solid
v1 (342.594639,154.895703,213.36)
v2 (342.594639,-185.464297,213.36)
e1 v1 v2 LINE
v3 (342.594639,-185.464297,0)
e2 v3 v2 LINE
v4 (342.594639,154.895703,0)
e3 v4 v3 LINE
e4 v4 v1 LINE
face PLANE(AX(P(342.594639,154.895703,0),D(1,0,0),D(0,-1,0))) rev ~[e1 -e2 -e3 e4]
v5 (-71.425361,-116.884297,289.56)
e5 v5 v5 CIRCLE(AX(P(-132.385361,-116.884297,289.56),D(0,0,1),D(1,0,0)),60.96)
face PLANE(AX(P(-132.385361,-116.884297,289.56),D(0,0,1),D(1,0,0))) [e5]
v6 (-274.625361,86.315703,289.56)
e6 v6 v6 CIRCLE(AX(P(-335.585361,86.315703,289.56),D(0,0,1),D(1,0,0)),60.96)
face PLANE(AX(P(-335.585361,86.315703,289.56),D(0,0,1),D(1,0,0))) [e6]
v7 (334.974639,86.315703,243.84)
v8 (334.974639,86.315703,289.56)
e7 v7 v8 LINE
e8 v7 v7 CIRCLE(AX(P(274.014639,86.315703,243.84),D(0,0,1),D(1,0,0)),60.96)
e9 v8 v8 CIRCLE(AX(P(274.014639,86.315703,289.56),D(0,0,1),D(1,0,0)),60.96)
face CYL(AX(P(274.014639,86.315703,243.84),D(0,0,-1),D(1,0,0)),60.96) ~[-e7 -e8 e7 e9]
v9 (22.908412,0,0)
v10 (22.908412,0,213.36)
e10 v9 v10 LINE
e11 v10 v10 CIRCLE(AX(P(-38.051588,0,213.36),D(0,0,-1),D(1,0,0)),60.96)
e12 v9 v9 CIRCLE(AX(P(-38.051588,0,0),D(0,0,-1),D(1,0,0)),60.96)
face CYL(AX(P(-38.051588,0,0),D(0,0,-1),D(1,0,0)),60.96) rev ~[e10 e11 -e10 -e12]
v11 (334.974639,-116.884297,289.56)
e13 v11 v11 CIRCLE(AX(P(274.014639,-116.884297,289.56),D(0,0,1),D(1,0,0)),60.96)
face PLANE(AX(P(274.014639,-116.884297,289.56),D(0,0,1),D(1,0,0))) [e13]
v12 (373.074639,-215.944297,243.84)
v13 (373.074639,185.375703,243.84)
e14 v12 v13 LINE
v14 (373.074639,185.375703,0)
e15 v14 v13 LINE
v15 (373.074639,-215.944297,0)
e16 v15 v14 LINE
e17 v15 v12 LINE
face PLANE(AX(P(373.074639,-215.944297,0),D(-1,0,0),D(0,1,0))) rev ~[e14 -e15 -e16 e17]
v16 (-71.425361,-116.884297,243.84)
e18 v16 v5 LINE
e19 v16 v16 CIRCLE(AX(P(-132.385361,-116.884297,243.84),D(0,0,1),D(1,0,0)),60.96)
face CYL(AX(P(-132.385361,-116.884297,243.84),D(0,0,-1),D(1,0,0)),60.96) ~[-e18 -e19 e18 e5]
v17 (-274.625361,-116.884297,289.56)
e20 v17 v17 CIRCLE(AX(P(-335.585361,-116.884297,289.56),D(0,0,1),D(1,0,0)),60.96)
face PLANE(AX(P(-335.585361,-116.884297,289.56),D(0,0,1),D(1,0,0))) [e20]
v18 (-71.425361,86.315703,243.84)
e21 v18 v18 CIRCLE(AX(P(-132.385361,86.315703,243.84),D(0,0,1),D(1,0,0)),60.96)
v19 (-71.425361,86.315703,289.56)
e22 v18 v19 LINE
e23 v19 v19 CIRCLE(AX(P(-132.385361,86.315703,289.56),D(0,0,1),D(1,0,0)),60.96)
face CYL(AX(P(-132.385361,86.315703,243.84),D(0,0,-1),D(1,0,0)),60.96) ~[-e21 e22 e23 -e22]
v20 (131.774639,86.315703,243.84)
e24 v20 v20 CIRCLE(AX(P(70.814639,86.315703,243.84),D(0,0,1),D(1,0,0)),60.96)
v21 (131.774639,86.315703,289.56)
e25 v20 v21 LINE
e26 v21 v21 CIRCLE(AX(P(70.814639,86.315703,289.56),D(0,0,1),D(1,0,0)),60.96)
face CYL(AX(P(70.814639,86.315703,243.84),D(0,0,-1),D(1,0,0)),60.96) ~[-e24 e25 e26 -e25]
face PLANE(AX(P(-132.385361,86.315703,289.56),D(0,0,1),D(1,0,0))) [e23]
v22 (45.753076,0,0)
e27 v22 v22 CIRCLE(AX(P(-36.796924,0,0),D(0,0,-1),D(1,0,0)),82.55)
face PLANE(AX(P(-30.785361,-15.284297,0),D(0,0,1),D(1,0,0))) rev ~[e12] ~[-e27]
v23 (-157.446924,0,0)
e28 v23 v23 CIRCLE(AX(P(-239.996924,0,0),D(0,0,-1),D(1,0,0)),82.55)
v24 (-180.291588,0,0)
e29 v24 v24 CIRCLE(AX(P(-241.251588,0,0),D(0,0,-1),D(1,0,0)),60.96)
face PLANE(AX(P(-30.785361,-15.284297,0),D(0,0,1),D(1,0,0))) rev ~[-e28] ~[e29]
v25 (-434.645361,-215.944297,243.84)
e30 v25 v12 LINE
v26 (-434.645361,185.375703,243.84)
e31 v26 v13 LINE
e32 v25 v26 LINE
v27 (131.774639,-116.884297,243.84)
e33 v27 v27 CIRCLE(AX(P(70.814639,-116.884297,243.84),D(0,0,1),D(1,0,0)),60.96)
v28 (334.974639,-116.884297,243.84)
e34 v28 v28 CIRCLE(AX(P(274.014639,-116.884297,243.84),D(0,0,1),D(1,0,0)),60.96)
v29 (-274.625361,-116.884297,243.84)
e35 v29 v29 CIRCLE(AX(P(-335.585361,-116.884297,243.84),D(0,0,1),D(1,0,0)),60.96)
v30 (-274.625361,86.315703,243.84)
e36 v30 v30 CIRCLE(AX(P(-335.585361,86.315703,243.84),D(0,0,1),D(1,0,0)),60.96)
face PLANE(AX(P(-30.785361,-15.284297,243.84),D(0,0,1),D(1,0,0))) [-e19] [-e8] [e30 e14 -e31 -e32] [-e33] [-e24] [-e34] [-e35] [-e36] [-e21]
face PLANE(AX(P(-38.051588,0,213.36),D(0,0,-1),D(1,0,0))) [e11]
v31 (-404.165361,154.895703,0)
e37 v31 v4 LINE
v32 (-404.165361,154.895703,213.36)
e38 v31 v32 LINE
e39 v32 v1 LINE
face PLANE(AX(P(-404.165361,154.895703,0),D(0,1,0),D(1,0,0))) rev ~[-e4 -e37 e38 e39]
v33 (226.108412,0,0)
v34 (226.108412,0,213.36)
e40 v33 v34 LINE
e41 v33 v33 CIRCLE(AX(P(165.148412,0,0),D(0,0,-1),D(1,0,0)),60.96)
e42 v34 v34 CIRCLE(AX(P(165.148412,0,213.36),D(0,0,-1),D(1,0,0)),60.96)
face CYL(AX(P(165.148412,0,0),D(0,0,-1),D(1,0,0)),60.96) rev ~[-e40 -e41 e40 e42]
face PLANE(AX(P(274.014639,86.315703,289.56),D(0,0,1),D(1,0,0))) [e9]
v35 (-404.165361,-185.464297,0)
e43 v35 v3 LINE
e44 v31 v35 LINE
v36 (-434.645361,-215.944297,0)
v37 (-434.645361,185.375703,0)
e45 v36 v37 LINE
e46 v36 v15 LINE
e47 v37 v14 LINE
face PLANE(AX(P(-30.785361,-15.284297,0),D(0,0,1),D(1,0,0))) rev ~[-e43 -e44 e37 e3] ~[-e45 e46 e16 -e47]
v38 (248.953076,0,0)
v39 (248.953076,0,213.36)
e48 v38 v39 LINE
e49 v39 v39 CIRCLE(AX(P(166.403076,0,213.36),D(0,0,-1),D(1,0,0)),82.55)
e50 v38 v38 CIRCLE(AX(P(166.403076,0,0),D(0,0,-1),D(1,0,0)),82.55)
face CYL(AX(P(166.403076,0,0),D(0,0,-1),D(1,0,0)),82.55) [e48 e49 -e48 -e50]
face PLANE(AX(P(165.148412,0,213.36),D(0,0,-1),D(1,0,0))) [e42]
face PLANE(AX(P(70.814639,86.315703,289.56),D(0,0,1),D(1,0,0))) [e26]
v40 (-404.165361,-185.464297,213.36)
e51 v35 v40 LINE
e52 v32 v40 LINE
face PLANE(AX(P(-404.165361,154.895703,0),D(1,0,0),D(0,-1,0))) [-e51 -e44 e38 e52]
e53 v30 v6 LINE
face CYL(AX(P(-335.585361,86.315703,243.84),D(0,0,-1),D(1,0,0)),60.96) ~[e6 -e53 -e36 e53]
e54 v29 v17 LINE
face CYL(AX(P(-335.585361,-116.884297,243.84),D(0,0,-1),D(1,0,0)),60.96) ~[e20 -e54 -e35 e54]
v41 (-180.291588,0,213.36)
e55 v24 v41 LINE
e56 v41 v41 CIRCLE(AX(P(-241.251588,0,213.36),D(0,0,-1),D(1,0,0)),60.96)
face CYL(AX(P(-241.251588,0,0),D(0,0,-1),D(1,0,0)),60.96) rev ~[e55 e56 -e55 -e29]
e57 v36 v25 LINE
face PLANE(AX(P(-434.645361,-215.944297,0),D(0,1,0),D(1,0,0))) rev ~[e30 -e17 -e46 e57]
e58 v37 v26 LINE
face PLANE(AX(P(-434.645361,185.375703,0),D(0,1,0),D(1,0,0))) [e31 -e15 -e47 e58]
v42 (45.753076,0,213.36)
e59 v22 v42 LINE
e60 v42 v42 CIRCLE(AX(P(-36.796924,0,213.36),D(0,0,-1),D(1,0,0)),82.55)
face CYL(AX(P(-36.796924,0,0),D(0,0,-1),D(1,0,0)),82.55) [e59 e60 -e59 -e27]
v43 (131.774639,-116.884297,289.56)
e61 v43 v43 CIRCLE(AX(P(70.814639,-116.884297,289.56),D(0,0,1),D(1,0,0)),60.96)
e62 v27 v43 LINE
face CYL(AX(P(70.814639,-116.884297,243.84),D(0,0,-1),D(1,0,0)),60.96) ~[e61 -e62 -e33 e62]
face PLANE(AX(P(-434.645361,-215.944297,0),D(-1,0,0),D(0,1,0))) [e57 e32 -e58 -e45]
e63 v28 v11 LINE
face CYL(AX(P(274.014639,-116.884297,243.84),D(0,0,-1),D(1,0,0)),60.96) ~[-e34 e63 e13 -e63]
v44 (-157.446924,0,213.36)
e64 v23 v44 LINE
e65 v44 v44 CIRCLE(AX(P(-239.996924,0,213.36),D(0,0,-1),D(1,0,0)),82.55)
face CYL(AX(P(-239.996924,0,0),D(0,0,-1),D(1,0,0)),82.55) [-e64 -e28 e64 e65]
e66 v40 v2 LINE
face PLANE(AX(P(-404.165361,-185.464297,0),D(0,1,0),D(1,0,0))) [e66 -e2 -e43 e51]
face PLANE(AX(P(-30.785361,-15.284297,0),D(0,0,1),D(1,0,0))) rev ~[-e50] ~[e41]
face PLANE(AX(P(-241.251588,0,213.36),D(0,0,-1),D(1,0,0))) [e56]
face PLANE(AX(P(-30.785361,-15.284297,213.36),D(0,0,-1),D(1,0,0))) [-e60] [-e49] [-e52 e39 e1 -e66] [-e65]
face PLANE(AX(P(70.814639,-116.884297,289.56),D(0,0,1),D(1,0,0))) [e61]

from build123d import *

# Parameters (mm, degrees)
F0_W     = 807.72
F0_H     = 401.32
F1_DEPTH = 243.84
F2_R     = 60.96
F3_DEPTH = 45.72
F6_W     = 746.76
F6_H     = 340.36
F6_R     = 82.55
F7_DEPTH = 213.36
F5_R     = 60.96
F8_DEPTH = 213.36


with BuildPart() as f1:
    # F0 (on Top) → F1 (new body)
    with BuildSketch(Plane.XY):
        with Locations((-30.785361, -15.284297)):
            Rectangle(F0_W, F0_H)
    extrude(amount=F1_DEPTH)

    # F2 (on face) → F3 (join)
    with BuildSketch(Plane.XY.offset(243.84)):
        with Locations((-335.585361, -116.884297)):
            Circle(F2_R)
        with Locations((-132.385361, 86.315703)):
            Circle(F2_R)
        with Locations((-132.385361, -116.884297)):
            Circle(F2_R)
        with Locations((70.814639, 86.315703)):
            Circle(F2_R)
        with Locations((274.014639, -116.884297)):
            Circle(F2_R)
        with Locations((70.814639, -116.884297)):
            Circle(F2_R)
        with Locations((274.014639, 86.315703)):
            Circle(F2_R)
        with Locations((-335.585361, 86.315703)):
            Circle(F2_R)
    extrude(amount=F3_DEPTH)

    # F6 (on face) → F7 (cut)
    with BuildSketch(Plane(origin=(0, 0, 0), x_dir=(1, 0, 0), z_dir=(0, 0, -1))):
        with Locations((-30.785361, 15.284297)):
            Rectangle(F6_W, F6_H)
        with Locations((-239.996924, 0)):
            Circle(F6_R, mode=Mode.SUBTRACT)
        with Locations((-36.796924, 0)):
            Circle(F6_R, mode=Mode.SUBTRACT)
        with Locations((166.403076, 0)):
            Circle(F6_R, mode=Mode.SUBTRACT)
    extrude(amount=-F7_DEPTH, mode=Mode.SUBTRACT)

    # F5 (on face) → F8 (cut)
    with BuildSketch(Plane(origin=(0, 0, 0), x_dir=(1, 0, 0), z_dir=(0, 0, -1))):
        with Locations((165.148412, 0)):
            Circle(F5_R)
        with Locations((-38.051588, 0)):
            Circle(F5_R)
        with Locations((-241.251588, 0)):
            Circle(F5_R)
    extrude(amount=-F8_DEPTH, mode=Mode.SUBTRACT)


solid = f1.part
